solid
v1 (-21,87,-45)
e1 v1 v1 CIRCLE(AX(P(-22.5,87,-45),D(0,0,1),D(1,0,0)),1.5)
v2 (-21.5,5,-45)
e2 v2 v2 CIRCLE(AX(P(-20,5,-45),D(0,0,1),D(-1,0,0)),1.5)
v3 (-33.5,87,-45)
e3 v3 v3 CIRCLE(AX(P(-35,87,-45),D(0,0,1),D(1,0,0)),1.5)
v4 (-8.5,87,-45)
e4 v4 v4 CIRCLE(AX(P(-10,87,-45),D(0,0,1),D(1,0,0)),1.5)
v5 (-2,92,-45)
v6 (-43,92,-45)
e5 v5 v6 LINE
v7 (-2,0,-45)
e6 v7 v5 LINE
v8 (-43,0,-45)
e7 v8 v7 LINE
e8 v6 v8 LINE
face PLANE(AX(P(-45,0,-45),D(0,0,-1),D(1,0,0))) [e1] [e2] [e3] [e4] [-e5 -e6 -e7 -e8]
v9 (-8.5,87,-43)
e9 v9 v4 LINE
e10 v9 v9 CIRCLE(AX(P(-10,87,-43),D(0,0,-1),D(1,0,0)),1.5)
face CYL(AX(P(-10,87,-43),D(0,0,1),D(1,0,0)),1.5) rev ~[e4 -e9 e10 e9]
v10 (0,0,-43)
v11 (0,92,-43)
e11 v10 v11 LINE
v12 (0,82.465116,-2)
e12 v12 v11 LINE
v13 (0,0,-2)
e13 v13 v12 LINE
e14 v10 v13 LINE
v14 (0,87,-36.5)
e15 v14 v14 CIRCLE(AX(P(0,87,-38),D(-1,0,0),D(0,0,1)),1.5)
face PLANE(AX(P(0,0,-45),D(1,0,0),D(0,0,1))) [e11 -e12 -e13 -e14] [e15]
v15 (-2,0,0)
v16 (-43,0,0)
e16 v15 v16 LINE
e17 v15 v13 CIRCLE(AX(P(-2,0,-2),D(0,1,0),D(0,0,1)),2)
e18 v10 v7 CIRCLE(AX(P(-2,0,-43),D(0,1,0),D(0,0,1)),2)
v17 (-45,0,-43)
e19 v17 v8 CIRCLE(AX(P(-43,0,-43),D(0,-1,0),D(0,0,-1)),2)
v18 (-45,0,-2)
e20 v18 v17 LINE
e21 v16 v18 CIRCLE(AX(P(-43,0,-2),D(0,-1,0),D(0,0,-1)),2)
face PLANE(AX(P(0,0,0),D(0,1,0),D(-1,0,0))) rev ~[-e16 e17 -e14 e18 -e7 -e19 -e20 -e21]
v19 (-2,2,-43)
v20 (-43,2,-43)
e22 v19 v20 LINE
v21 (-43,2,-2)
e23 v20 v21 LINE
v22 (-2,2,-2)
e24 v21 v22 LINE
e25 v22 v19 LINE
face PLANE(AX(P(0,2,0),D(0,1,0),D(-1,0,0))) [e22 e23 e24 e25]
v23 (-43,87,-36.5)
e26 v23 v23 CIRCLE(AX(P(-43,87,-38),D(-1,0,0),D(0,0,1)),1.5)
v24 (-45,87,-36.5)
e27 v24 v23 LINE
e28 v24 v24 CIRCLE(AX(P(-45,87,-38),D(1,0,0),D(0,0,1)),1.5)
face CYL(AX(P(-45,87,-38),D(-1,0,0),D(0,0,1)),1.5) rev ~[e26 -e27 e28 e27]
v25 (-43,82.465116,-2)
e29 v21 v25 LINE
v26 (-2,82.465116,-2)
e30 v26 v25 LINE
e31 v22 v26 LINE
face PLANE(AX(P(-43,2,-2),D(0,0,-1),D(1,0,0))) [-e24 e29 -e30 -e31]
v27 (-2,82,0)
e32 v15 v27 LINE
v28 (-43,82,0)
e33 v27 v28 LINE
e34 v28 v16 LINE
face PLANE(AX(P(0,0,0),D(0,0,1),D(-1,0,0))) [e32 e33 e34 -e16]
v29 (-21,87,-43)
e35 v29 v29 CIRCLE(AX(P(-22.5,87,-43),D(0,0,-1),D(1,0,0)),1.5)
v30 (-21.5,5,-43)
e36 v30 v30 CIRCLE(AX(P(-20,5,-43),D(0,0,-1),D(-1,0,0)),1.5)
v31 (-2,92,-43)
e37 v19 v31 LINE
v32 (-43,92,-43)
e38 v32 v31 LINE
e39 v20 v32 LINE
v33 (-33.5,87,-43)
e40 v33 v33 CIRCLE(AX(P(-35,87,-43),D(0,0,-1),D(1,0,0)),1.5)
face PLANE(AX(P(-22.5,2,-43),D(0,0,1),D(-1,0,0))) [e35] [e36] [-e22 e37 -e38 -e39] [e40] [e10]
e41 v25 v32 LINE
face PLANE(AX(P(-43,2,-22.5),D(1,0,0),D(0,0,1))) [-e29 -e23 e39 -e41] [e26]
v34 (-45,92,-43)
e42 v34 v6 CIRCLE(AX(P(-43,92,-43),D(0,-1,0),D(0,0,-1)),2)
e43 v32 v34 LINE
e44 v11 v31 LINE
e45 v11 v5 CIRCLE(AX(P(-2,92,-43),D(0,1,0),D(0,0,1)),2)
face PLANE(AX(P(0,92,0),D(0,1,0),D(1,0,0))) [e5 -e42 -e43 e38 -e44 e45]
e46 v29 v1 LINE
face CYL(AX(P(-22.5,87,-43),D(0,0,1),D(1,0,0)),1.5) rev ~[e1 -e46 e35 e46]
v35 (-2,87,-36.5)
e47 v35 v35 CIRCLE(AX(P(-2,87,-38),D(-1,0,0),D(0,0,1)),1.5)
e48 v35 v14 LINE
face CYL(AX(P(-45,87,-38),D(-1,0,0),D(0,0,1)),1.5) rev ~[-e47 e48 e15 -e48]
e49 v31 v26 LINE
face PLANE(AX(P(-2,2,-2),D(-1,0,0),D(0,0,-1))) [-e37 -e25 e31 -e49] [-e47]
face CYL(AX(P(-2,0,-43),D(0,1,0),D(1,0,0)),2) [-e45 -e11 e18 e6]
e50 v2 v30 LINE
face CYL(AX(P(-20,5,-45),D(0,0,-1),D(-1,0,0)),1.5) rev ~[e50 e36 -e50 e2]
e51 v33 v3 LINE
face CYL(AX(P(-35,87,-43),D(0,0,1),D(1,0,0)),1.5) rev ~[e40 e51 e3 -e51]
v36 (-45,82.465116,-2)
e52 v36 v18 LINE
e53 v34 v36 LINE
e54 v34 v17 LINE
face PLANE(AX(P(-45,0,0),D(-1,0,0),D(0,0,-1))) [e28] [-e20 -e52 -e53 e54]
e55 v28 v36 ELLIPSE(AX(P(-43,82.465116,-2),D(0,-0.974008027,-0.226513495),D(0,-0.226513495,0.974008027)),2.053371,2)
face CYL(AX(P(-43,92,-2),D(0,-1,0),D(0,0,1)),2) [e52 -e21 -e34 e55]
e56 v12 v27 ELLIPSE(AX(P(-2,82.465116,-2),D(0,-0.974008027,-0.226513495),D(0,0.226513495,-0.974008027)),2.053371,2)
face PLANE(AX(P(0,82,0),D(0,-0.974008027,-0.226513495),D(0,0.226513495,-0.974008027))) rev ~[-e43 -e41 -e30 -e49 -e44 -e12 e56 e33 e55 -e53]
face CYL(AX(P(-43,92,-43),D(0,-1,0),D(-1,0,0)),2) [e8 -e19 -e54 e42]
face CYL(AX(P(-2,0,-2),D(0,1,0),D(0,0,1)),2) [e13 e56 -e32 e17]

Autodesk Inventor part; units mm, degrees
ref_plane "YZ Plane" through (0, 0, 0) normal (1, 0, 0) x (0, 1, 0)
ref_plane "XZ Plane" through (0, 0, 0) normal (0, 1, 0) x (-1, 0, 0)
ref_plane "XY Plane" through (0, 0, 0) normal (0, 0, 1) x (1, 0, 0)
sketch "Sketch1" plane through (0, 0, 0) normal (0, 1, 0) x (-1, 0, 0)
  line L0 (0, 0) -> (45, 0)
  line L1 (45, 0) -> (45, -45)
  line L2 (45, -45) -> (0, -45)
  line L3 (0, -45) -> (0, 0)
  dimension "d0" = 45
  dimension "d1" = 45
extrude "Extrusion1" add sketch "Sketch1" along normal blind 2
sketch "Sketch2" plane through (0, 2, 0) normal (0, 1, 0) x (1, 0, 0)
  line L0 (-45, 0) -> (0, 0) projected
  line L1 (-22.5, 0) -> (-22.5, 45)
  line L2 (0, 45) -> (-45, 45) projected
  line L3 (0, 0) -> (0, 45) projected
  line L4 (0, 22.5) -> (-45, 22.5)
  line L5 (-45, 45) -> (-45, 0) projected
  line L6 (-43, 2) -> (-2, 2)
  line L7 (-2, 2) -> (-2, 43)
  line L8 (-2, 43) -> (-43, 43)
  line L9 (-43, 43) -> (-43, 2)
  point P0 (-43, 22.5)
  point P1 (-22.5, 43)
  dimension "d10" = 3
  dimension "d4" = 41
  dimension "d5" = 41
extrude "Extrusion2" add sketch "Sketch2" along normal blind 90 contours L5 L4 L9 L6 L1 L0 | L1 L6 L7 L4 L3 L0 | L5 L2 L1 L8 L9 L4 | L4 L7 L8 L1 L2 L3
sketch "Sketch3" plane through (0, 0, -45) normal (0, 0, -1) x (-1, 0, 0)
  line L0 (45, 0) -> (45, 92) projected
  line L1 (45, 0) -> (20, 0)
  line L2 (20, 0) -> (20, 5)
  line L3 (20, 5) -> (45, 5)
  line L4 (45, 5) -> (45, 0)
  circle A0 centre (20, 5) radius 1.5
  point P0 (0, 0)
  dimension "d8" = 25
  dimension "d9" = 5
  dimension "d10" = 3
extrude "Extrusion3" cut sketch "Sketch3" against normal blind 5 contours A0 L2 L3 | L3 L2 A0
fillet "Fillet1" radius 2 4 edges at (0, 46, -45) (-45, 46, -45) (-45, 46, 0) (0, 46, 0)
sketch "Sketch5" plane through (-43, 2, -43) normal (0, 0, 1) x (1, 0, 0)
  line L0 (0, 90) -> (41, 90) projected
  line L1 (-2, 80) -> (20.5, 80)
  line L2 (20.5, 80) -> (20.5, 85)
  line L3 (20.5, 85) -> (-2, 85)
  line L4 (-2, 85) -> (-2, 80)
  line L5 (-2, 80) -> (8, 80)
  line L6 (8, 80) -> (8, 85)
  line L7 (8, 85) -> (-2, 85)
  line L8 (-2, 85) -> (-2, 80)
  line L9 (0, 90) -> (41, 90) projected
  line L10 (43, 80) -> (33, 80)
  line L11 (33, 80) -> (33, 85)
  line L12 (33, 85) -> (43, 85)
  line L13 (43, 85) -> (43, 80)
  circle A0 centre (8, 85) radius 1.5
  circle A1 centre (20.5, 85) radius 1.5
  circle A2 centre (33, 85) radius 1.5
  point P0 (43, -2)
  dimension "d19" = 22.5
  dimension "d20" = 5
  dimension "d21" = 10
  dimension "d22" = 5
  dimension "d23" = 10
  dimension "d24" = 5
  dimension "d25" = 3
  dimension "d26" = 3
  dimension "d27" = 3
extrude "Extrusion5" cut sketch "Sketch5" against normal blind 10 contours A0 L3 L6 | L6 L3 A0 | A0 L3 | A1 L3 L2 | L2 L3 A1 | A2 L12 L11 | L11 L12 A2
sketch "Sketch6" plane through (0, 0, -2) normal (1, 0, 0) x (0, 0, -1)
  line L0 (41, 92) -> (41, 0) projected
  line L1 (-2, 0) -> (-2, 92) projected
  line L2 (41, 92) -> (-2, 92)
  line L3 (-2, 92) -> (-2, 82)
  line L4 (-2, 82) -> (41, 92)
  dimension "d30" = 10
extrude "Extrusion6" cut sketch "Sketch6" against normal blind 90
sketch "Sketch7" plane through (-45, 0, -43) normal (-1, 0, 0) x (0, 0, 1)
  line L0 (0, 2) -> (0, 92) projected
  line L1 (0, 92) -> (5, 92)
  line L2 (5, 92) -> (5, 87)
  line L3 (5, 87) -> (0, 87)
  line L4 (0, 87) -> (0, 92)
  circle A0 centre (5, 87) radius 1.5
  point P0 (43, 0)
  dimension "d33" = 5
  dimension "d34" = 5
  dimension "d35" = 3
extrude "Extrusion7" cut sketch "Sketch7" against normal blind 90 contours A0 L2 L3 | L3 L2 A0
properties part number "reduced_turtle"
